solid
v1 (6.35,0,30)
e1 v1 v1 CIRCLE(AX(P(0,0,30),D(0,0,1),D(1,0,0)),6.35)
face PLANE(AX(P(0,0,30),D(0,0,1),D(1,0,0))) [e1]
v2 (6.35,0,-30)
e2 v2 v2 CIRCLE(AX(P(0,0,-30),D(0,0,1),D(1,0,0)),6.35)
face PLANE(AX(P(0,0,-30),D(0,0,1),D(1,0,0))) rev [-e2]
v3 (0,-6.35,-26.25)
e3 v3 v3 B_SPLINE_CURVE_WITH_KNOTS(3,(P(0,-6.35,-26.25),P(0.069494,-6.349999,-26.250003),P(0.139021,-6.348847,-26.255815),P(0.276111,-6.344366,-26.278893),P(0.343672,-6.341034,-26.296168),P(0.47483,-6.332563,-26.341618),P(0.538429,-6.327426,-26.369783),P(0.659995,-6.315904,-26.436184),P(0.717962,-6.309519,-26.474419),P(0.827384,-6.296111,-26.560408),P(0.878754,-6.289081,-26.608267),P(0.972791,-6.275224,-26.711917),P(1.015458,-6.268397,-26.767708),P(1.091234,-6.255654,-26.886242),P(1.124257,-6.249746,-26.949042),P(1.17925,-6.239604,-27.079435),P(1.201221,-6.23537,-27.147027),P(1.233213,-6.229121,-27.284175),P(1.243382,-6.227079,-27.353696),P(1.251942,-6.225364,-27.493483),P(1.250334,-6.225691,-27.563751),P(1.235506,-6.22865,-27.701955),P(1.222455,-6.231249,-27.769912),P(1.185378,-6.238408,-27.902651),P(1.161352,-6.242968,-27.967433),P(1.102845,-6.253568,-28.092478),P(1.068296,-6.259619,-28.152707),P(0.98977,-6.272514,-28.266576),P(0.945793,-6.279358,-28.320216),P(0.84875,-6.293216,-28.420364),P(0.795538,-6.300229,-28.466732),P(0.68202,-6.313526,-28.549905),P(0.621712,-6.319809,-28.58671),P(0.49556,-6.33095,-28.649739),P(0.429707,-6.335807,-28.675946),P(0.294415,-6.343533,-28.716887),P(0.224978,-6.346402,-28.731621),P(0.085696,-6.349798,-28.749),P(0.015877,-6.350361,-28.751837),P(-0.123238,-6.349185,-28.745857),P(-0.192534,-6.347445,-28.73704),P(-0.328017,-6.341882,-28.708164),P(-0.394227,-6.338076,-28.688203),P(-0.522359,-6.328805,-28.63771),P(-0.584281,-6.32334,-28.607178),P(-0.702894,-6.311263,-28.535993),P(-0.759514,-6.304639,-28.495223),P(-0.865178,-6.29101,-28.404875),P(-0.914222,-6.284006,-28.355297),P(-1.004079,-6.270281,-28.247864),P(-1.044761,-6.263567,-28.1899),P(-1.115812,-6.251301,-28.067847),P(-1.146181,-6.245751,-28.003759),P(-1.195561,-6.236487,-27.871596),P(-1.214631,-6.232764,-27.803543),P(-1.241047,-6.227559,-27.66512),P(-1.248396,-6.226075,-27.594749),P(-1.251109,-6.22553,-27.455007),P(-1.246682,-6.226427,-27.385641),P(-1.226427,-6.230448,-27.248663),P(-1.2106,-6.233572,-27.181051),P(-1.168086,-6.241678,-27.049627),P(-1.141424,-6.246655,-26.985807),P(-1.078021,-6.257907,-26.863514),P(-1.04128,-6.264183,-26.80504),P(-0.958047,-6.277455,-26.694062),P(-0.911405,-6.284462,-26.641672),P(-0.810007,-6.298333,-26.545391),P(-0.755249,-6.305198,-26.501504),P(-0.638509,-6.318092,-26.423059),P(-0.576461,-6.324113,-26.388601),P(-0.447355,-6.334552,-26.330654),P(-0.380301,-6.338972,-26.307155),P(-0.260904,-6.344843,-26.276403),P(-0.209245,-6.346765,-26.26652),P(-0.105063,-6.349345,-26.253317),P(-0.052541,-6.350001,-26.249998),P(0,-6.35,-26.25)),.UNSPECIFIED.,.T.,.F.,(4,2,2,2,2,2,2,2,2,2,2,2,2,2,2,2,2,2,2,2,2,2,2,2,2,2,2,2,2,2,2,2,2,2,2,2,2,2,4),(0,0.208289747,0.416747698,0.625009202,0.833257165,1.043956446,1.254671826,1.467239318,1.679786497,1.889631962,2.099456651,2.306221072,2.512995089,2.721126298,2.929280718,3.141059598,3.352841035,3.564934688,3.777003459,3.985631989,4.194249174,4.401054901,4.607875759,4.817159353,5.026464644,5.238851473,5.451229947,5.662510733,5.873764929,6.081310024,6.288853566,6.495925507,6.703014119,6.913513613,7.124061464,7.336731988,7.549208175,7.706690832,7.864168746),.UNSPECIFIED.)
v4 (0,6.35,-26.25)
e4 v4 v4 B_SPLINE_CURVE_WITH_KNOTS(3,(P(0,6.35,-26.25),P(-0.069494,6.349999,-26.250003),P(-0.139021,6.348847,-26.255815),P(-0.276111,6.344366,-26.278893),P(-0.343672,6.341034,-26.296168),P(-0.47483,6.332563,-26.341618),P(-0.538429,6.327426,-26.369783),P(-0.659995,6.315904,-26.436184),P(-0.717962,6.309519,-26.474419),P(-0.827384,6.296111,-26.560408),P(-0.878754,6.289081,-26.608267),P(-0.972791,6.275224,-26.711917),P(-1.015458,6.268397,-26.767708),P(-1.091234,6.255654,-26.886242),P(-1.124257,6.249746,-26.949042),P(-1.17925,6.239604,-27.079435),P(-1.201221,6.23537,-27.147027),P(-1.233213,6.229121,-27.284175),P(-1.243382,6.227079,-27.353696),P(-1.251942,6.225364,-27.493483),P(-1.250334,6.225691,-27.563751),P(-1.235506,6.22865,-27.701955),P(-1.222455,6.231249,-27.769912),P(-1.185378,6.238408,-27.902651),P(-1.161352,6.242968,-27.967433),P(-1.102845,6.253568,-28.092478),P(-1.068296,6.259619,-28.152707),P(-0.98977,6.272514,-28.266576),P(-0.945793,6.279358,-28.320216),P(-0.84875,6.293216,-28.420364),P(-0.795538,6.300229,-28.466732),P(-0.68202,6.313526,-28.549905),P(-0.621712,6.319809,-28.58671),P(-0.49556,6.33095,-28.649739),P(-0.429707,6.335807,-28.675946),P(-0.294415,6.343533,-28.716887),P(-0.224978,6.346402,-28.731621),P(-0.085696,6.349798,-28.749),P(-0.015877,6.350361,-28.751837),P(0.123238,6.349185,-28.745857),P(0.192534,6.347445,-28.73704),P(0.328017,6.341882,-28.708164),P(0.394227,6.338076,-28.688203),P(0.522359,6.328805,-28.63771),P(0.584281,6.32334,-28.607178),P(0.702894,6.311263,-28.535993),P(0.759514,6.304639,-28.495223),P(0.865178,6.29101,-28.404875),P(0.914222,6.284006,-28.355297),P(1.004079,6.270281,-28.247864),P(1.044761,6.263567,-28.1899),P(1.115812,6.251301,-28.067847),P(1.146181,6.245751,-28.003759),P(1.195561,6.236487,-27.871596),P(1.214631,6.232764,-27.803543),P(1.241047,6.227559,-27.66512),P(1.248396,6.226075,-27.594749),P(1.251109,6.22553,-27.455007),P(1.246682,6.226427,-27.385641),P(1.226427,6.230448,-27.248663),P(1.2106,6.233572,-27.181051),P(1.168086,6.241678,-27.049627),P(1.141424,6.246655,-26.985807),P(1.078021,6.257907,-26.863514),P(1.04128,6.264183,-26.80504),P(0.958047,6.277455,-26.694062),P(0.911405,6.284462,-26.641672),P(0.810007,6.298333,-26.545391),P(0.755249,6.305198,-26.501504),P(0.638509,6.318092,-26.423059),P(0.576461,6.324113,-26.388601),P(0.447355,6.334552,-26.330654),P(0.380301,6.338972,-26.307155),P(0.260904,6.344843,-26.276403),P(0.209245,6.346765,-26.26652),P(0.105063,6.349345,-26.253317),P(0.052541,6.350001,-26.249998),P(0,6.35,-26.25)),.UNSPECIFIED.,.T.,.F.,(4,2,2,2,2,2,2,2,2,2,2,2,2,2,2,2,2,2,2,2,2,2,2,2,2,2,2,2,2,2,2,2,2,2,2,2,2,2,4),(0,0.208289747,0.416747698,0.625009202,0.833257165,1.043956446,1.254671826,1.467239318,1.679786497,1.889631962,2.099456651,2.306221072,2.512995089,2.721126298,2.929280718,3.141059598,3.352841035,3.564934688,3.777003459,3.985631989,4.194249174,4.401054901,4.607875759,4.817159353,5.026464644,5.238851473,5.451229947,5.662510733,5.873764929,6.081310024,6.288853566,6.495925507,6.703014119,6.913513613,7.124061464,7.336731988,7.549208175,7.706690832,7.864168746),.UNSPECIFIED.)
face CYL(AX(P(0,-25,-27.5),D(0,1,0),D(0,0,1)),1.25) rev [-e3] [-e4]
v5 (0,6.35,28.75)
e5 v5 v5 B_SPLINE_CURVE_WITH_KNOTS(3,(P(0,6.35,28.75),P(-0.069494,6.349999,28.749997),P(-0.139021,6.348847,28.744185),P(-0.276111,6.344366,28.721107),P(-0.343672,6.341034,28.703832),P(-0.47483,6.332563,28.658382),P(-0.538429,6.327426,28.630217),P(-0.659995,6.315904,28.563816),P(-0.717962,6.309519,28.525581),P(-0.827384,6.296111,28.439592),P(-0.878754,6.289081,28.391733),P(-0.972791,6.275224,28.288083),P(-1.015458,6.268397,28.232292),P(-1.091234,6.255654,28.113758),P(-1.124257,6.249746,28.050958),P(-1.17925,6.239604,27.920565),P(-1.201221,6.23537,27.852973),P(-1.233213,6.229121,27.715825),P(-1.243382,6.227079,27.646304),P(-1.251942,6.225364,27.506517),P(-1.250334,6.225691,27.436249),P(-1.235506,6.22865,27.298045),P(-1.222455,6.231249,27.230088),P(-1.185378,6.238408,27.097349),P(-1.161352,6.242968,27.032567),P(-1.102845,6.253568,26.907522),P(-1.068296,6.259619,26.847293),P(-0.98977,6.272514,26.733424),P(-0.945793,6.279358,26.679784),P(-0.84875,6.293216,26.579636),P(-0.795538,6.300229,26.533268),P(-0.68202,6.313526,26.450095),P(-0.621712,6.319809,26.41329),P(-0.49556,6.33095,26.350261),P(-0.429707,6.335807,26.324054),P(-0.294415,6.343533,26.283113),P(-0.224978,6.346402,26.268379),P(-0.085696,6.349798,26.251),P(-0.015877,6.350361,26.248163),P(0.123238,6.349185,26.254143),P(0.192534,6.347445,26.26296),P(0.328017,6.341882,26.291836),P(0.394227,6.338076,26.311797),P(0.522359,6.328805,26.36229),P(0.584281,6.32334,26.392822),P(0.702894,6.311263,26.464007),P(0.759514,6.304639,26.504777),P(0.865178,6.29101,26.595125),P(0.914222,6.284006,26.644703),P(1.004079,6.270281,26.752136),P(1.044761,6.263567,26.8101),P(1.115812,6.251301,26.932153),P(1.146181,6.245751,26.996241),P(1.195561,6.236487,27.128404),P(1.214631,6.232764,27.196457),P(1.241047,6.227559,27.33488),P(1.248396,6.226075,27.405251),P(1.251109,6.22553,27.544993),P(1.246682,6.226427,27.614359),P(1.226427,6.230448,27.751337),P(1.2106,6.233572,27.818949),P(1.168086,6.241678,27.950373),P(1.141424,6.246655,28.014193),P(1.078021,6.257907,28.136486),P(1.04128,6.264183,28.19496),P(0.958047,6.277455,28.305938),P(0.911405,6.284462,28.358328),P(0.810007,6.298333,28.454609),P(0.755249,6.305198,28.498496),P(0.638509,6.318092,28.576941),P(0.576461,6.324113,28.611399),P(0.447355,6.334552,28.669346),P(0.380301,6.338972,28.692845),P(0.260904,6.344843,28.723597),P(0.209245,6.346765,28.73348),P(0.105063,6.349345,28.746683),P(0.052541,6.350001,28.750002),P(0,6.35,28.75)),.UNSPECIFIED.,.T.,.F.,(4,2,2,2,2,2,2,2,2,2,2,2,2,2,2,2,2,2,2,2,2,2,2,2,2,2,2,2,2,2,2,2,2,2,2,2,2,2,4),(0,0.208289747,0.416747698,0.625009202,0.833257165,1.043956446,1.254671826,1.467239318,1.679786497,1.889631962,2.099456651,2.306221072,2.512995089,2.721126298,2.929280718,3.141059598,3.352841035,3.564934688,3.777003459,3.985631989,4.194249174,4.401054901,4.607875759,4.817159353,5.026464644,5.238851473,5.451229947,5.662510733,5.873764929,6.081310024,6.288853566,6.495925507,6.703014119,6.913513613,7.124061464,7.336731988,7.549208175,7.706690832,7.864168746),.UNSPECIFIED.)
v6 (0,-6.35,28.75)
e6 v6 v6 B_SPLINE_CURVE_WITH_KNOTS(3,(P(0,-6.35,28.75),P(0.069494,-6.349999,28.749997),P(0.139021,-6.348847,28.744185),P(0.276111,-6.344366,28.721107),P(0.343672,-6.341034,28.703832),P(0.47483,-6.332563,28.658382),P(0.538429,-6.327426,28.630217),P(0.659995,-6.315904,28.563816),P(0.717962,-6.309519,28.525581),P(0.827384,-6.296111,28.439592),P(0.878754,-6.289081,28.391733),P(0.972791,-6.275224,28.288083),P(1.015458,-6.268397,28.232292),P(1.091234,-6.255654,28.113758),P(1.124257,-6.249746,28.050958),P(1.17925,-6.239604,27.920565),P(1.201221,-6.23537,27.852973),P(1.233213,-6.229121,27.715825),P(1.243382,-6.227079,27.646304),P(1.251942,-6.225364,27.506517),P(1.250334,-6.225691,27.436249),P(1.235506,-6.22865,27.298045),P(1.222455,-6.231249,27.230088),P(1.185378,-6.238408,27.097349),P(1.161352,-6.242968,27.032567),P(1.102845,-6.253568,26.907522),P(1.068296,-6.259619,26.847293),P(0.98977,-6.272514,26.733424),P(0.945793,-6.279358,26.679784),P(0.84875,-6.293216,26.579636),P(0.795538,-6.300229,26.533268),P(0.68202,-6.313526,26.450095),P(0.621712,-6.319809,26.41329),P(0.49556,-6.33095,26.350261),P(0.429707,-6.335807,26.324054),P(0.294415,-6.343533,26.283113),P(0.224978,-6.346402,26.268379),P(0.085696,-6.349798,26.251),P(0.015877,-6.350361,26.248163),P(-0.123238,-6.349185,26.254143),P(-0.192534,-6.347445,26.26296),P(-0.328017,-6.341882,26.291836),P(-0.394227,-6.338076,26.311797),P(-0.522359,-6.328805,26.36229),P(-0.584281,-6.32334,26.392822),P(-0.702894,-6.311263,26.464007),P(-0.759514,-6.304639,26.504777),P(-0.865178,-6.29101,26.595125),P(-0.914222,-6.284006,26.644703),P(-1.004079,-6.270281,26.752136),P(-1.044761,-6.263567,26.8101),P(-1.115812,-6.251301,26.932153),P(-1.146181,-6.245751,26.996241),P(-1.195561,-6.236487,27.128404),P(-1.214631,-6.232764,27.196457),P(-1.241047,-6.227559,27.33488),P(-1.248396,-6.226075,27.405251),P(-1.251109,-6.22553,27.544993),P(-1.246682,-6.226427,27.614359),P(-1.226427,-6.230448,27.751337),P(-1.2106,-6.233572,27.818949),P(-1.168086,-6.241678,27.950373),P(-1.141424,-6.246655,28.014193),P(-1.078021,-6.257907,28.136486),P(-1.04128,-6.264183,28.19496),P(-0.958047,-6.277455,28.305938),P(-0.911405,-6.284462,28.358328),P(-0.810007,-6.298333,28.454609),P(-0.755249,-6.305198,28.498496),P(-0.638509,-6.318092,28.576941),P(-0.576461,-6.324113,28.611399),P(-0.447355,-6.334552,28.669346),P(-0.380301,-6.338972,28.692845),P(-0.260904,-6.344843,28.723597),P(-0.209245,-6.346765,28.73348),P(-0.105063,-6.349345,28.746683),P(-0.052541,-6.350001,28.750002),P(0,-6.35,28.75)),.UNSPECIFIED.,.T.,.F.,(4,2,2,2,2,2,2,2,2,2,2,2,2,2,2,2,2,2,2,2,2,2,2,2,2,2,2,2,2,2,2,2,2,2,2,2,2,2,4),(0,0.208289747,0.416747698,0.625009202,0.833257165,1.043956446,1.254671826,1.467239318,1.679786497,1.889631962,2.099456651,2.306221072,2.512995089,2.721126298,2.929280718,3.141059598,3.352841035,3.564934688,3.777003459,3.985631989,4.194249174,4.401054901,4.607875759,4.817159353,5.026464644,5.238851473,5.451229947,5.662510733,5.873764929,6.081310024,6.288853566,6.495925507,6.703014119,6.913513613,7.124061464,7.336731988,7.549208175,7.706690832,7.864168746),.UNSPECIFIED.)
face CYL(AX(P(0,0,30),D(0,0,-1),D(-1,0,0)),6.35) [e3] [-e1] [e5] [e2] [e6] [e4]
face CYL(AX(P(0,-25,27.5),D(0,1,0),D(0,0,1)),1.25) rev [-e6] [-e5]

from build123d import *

# Parameters (mm, degrees)
SKETCH1_R           = 6.35
BOSS_EXTRUDE1_DEPTH = 30
SKETCH2_R           = 1.25
CUT_EXTRUDE1_DEPTH  = 25


with BuildPart() as part:
    # Sketch1 → Boss-Extrude1 (new, symmetric)
    with BuildSketch(Plane.XY):
        Circle(SKETCH1_R)
    extrude(amount=BOSS_EXTRUDE1_DEPTH, both=True)

    # Sketch2 → Cut-Extrude1 (cut, symmetric)
    with BuildSketch(Plane(origin=(0, 0, 0), x_dir=(1, 0, 0), z_dir=(0, 1, 0))):
        with Locations(Location((0, -27.5, 0), (0, 0, 270))):
            Circle(SKETCH2_R)
        with Locations(Location((0, 27.5, 0), (0, 0, 270))):
            Circle(SKETCH2_R)
    extrude(amount=CUT_EXTRUDE1_DEPTH, both=True, mode=Mode.SUBTRACT)


solid = part.part
